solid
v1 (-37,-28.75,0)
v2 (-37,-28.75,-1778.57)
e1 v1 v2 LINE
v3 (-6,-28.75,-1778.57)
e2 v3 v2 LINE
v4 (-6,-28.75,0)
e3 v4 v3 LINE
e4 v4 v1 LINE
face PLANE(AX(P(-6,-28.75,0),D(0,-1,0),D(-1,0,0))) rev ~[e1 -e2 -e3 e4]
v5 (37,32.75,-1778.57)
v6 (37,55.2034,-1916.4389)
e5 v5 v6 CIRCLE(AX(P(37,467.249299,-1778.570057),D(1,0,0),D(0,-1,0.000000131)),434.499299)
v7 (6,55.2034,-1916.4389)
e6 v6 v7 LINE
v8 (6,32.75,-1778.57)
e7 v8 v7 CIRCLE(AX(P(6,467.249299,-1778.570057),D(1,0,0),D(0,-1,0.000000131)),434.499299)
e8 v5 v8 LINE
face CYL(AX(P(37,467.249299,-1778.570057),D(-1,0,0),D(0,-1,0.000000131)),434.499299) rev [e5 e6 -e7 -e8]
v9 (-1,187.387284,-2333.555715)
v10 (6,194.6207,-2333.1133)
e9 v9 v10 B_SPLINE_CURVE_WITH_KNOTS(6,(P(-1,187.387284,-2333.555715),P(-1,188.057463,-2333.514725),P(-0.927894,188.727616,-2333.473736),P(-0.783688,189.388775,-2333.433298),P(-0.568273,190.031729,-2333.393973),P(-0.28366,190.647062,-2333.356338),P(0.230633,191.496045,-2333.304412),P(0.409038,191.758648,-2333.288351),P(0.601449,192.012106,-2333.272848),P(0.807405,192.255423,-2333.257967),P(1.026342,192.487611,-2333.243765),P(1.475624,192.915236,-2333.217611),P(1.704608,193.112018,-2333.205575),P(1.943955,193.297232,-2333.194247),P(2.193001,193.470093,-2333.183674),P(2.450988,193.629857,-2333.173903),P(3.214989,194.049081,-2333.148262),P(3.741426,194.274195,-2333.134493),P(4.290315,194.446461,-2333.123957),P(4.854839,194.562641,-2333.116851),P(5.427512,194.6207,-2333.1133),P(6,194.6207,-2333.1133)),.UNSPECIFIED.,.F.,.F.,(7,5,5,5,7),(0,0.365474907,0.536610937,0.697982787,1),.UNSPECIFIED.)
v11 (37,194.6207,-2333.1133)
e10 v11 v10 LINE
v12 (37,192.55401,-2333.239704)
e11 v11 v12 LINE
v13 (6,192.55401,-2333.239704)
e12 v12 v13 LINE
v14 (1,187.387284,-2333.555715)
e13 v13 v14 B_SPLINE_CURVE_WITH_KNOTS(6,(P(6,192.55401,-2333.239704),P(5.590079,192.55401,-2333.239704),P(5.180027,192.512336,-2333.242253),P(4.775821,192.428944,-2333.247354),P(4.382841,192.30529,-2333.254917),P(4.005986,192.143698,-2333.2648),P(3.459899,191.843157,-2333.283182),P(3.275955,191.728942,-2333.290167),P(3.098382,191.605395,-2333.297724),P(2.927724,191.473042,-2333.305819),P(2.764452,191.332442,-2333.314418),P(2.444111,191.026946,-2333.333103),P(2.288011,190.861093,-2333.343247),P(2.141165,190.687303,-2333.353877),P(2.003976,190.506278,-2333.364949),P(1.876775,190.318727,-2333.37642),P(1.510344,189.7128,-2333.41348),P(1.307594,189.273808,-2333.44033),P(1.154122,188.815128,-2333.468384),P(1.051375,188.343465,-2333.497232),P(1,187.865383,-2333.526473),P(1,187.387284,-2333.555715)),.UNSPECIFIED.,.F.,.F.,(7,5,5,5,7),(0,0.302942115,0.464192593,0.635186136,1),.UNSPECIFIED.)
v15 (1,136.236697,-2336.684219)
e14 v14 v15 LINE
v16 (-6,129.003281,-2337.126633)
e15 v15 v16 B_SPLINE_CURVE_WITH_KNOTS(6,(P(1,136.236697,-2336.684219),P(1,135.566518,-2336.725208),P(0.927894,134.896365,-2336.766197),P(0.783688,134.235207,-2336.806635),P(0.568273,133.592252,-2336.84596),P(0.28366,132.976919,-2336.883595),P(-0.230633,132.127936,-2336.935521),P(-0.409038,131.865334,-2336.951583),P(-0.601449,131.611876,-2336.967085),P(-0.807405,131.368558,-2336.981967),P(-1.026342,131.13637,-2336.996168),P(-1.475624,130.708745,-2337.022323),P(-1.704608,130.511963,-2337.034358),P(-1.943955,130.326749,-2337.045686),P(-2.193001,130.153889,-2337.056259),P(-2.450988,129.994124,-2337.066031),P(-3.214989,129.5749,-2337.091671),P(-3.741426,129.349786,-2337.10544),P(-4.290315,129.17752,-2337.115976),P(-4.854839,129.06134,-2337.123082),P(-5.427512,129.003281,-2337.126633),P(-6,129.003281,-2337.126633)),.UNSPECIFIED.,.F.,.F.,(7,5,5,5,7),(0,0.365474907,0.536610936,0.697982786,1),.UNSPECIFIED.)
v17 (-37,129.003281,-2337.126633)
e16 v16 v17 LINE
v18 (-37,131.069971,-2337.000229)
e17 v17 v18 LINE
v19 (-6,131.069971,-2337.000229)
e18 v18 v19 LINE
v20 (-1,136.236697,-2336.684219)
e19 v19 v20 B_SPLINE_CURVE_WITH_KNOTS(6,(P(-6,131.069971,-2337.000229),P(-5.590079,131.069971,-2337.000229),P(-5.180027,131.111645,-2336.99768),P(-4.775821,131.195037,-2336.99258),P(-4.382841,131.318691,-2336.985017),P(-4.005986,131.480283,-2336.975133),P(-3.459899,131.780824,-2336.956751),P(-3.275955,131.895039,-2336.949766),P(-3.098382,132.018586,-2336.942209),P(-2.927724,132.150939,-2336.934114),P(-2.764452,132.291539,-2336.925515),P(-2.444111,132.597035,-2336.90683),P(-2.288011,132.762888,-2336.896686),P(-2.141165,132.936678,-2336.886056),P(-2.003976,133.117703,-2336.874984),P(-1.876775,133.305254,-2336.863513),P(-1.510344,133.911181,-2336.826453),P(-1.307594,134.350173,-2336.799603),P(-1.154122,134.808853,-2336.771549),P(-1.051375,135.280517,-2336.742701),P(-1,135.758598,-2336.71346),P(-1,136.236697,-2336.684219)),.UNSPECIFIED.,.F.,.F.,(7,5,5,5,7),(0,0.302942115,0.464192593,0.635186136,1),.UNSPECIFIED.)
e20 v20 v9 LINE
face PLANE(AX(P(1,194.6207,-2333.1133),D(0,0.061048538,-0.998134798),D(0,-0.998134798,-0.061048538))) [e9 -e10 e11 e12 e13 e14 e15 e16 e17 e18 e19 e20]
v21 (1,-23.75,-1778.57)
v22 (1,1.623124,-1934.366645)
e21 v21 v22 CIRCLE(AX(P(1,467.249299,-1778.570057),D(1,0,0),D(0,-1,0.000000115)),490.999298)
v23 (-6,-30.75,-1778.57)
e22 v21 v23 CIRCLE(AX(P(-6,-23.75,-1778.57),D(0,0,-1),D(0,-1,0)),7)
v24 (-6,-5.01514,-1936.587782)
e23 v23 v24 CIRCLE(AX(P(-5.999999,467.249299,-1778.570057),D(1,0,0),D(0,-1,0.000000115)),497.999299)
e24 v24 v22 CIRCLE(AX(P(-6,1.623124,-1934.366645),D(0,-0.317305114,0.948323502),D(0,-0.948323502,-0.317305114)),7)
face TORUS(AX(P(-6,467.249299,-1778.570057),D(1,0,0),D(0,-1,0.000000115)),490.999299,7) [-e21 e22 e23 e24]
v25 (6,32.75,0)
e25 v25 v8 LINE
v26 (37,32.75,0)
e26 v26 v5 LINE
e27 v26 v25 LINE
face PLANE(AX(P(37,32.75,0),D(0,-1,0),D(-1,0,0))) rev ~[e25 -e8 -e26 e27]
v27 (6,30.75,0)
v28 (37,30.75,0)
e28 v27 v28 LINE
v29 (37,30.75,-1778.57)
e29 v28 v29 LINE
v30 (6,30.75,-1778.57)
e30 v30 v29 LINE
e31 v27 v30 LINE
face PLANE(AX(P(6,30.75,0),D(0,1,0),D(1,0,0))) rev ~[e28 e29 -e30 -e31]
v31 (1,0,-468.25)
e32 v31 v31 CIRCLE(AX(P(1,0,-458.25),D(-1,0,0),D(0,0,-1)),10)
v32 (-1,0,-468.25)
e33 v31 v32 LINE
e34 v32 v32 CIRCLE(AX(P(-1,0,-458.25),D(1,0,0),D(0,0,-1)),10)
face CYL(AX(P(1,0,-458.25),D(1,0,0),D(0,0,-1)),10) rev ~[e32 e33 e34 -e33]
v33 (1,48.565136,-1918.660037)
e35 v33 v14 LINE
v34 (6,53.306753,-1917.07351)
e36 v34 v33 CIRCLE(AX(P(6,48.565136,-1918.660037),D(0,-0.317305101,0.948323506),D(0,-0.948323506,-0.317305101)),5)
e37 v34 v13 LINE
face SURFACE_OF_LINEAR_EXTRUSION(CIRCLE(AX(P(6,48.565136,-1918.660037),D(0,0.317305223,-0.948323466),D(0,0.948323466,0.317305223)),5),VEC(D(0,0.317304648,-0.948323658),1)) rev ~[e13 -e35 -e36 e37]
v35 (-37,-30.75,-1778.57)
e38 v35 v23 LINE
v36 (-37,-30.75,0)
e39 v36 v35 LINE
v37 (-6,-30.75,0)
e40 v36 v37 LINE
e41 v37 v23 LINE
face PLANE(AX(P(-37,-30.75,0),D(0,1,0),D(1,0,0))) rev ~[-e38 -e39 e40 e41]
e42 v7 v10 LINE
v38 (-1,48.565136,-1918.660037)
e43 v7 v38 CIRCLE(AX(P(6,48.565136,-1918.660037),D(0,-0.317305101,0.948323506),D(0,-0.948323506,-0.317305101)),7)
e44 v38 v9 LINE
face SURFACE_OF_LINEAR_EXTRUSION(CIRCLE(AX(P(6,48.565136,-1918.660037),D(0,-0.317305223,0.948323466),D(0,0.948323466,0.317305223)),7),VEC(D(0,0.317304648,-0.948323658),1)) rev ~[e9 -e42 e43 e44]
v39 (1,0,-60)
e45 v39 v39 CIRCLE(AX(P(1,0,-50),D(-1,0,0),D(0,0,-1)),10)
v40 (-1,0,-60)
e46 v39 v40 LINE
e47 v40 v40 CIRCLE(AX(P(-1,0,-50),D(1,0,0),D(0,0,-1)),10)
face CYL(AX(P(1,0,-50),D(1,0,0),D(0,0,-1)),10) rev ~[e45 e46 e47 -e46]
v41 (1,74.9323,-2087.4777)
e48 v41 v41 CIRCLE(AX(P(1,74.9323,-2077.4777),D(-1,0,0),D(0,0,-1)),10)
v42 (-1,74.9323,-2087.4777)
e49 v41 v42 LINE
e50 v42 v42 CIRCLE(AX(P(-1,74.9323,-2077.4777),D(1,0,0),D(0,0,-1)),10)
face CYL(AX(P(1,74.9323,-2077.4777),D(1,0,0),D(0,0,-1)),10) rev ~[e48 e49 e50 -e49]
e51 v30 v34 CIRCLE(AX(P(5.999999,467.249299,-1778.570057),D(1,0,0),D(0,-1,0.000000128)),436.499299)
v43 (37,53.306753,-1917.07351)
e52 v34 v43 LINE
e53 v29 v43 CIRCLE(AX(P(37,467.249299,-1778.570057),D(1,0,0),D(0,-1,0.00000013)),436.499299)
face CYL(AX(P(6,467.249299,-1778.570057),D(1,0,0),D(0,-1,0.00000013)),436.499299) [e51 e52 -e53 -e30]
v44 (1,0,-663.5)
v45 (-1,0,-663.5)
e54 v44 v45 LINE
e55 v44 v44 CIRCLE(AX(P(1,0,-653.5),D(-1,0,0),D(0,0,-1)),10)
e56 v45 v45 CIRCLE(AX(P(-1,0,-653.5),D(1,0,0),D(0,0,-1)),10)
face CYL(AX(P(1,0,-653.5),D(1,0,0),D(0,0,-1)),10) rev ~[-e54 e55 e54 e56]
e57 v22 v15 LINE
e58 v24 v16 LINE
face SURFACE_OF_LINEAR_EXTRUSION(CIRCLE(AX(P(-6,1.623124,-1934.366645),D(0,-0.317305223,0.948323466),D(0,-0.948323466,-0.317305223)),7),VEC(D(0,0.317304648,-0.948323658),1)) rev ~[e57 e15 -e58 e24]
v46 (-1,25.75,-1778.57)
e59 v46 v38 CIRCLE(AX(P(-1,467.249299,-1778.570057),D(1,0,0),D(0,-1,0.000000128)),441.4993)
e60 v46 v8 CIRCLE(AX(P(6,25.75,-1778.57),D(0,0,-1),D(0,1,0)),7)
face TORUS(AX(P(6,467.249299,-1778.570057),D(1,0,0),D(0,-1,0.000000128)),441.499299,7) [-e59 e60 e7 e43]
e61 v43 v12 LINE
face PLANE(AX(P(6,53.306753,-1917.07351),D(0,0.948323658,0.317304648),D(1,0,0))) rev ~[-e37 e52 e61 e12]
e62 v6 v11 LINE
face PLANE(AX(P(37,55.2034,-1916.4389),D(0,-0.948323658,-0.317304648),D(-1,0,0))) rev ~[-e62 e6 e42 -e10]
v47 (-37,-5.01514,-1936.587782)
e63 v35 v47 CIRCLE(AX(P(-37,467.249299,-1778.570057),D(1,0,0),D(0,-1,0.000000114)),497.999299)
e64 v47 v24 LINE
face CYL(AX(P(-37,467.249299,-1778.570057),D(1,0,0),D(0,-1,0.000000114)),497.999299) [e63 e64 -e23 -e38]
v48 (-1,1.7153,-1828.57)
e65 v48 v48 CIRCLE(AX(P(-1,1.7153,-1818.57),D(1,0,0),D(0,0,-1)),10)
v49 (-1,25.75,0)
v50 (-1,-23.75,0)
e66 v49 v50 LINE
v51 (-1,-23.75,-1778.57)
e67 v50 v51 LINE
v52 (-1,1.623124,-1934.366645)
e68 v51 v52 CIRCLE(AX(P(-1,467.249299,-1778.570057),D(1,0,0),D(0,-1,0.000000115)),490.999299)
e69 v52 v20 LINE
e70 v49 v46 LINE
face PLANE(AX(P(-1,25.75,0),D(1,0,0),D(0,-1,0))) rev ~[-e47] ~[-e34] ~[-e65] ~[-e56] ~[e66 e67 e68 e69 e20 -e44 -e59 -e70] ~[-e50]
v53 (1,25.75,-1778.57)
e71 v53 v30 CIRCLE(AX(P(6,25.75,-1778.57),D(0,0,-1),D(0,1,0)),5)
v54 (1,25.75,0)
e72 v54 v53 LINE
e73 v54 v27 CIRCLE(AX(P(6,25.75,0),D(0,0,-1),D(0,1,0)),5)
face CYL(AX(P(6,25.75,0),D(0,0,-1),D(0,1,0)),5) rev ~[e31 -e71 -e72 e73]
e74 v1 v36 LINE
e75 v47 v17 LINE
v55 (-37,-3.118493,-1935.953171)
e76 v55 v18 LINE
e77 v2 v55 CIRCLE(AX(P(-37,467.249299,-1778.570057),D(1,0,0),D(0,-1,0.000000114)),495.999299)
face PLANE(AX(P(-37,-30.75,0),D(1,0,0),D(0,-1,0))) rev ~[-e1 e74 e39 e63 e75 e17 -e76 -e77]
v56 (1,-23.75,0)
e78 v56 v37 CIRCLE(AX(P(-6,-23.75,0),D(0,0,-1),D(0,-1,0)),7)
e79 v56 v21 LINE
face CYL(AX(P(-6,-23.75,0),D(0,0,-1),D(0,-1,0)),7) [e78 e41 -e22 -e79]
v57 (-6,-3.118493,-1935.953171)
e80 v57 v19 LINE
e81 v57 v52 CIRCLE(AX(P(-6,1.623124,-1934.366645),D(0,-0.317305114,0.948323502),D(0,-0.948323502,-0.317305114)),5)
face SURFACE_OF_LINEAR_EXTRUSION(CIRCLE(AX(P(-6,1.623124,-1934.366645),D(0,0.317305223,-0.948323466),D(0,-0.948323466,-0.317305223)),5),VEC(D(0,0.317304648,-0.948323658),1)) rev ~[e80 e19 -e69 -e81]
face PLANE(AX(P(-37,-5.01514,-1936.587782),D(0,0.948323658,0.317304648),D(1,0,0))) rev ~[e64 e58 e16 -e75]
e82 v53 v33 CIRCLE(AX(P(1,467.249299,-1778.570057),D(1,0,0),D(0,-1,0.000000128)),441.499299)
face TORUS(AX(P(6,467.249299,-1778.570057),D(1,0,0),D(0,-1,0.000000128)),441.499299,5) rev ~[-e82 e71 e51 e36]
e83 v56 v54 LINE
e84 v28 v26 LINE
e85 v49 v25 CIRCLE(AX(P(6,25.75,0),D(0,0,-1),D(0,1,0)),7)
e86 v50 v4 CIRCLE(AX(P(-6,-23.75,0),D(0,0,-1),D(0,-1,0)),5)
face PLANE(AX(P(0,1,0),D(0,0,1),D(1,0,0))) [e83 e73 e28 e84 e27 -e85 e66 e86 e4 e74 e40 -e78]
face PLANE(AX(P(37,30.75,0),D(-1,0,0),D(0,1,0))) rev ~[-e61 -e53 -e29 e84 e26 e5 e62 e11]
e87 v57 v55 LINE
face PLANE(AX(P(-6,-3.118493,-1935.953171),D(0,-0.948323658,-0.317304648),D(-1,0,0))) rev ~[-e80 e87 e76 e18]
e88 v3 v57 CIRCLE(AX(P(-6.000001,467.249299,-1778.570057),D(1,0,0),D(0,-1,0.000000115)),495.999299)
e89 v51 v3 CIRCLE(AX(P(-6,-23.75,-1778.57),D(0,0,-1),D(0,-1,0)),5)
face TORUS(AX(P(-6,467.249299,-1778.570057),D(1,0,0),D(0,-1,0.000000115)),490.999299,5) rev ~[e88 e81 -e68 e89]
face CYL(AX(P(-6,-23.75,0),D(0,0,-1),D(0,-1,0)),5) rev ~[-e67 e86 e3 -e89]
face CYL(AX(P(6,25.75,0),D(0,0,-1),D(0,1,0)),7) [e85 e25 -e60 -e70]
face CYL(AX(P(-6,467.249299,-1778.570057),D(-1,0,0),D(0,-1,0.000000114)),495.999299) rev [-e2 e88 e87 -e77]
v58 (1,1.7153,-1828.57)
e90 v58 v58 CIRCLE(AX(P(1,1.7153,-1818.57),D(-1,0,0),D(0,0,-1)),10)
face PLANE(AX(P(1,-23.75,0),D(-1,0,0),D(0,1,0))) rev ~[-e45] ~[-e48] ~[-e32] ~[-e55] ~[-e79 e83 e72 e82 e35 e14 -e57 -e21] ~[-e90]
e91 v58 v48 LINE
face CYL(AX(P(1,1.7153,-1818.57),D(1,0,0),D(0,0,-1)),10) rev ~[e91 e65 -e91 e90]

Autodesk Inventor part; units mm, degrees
ref_plane "XZ Plane" through (0, 0, 0) normal (0, 1, 0) x (-1, 0, 0)
ref_plane "XY Plane" through (0, 0, 0) normal (0, 0, 1) x (1, 0, 0)
sketch "Sketch1" plane through (0, 0, 0) normal (0, 0, 1) x (1, 0, 0)
  line L0 (1, -23.75) -> (1, 25.75)
  line L1 (6, 30.75) -> (37, 30.75)
  line L2 (-37, -30.75) -> (-6, -30.75)
  arc A0 (-6, -30.75) -> (1, -23.75) centre (-6, -23.75) ccw
  arc A1 (6, 30.75) -> (1, 25.75) centre (6, 25.75) ccw
  line L3 (37, 32.75) -> (6, 32.75)
  arc A2 (6, 32.75) -> (-1, 25.75) centre (6, 25.75) ccw
  line L4 (-1, 25.75) -> (-1, -23.75)
  arc A3 (-6, -28.75) -> (-1, -23.75) centre (-6, -23.75) ccw
  line L5 (-6, -28.75) -> (-37, -28.75)
  line L6 (-37, -30.75) -> (-37, -28.75)
  line L7 (37, 30.75) -> (37, 32.75)
  point P0 (0, 0)
  dimension "d5" = 30.75
  dimension "d12" = 31
  dimension "d13" = 2
sketch "Sketch2" plane through (0, 0, 0) normal (1, 0, 0) x (0, 1, 0)
  line L0 (32.75, 0) -> (32.75, -1778.57)
  arc A0 (32.75, -1778.57) -> (55.2034, -1916.4389) centre (467.25, -1778.57) ccw
  line L1 (0, 0) -> (341.65, 0)
  line L2 (55.2034, -1916.4389) -> (194.6207, -2333.1133)
  dimension "d14" = 1778.57
  dimension "d17" = 161.5
  dimension "d18" = 439.38
  dimension "d28" = 434.5
sweep "Sweep1" add profiles "Sketch1" path "Sketch2" path curves L0 A0 L2
sketch "Sketch3" plane through (1, -23.75, 0) normal (1, 0, 0) x (0, 0, -1)
  line L0 (0, 49.5) -> (0, 0) projected
  line L1 (0, 0) -> (1778.57, 0) projected
  arc A0 (1778.57, 0) -> (1934.3666, 25.3731) centre (1778.57, 491) ccw projected
  line L2 (1934.3666, 25.3731) -> (2351.041, 164.7904) projected
  line L3 (2335.3345, 211.7324) -> (2351.041, 164.7904) projected
  line L4 (1918.66, 72.3151) -> (2335.3345, 211.7324) projected
  arc A1 (1778.57, 49.5) -> (1918.66, 72.3151) centre (1778.57, 491) ccw projected
  line L5 (0, 49.5) -> (1778.57, 49.5) projected
  line L6 (50, 83.8551) -> (50, -57.0573)
  line L7 (458.25, 83.8551) -> (458.25, -57.0573)
  line L8 (653.5, 83.8551) -> (653.5, -57.0573)
  circle A2 centre (1778.57, 491) radius 467.25
  line L9 (2343.1877, 188.2614) -> (1927.8399, 48.2348)
  line L10 (2020.5284, 268.8859) -> (2149.5287, -116.6554)
  line L11 (1818.57, 100.4548) -> (1818.57, -125.8263)
  line L12 (1936.5877, 18.7348) -> (1934.3666, 25.3731) projected
  line L13 (1778.57, -7) -> (1778.57, 0) projected
  circle A3 centre (2077.4777, 98.6823) radius 10
  circle A4 centre (1818.57, 25.4653) radius 10
  circle A5 centre (653.5, 23.75) radius 10
  circle A6 centre (458.25, 23.75) radius 10
  circle A7 centre (50, 23.75) radius 10
  point P0 (0, 23.75)
  dimension "d22" = 408.25
  dimension "d23" = 195.25
  dimension "d24" = 40
  dimension "d26" = 158.977
  dimension "d29" = 20
  dimension "d30" = 20
  dimension "d31" = 20
  dimension "d32" = 20
  dimension "d33" = 20
extrude "Extrusion1" cut sketch "Sketch3" against normal blind 10 contours A7 L6 | L6 A7 | A6 L7 | L7 A6 | A5 L8 | L8 A5 | A4 L11 A2 | A2 L11 A4 | L11 A4 A2 | A2 A4 L11 | A3 L9 L10 | L10 L9 A3 | A3 L9 L10 | L10 L9 A3
sketch "Sketch4" plane through (1, -23.75, 0) normal (1, 0, 0) x (0, 0, -1)
  line L0 (2335.3345, 211.7324) -> (2333.1133, 218.3707) projected
  line L1 (2333.1133, 218.3707) -> (2363.5204, -278.781)
  line L2 (1778.57, -7) -> (1778.57, 0) projected
  line L3 (2333.1133, 218.3707) -> (2448.2703, 211.7324)
  line L4 (2448.2703, 211.7324) -> (2363.5204, -278.781)
  point P0 (0, 23.75)
  dimension "d36" = 3.5
extrude "Extrusion2" cut sketch "Sketch4" along normal through all both and the other way through all
properties part number "AAD0001149621"
